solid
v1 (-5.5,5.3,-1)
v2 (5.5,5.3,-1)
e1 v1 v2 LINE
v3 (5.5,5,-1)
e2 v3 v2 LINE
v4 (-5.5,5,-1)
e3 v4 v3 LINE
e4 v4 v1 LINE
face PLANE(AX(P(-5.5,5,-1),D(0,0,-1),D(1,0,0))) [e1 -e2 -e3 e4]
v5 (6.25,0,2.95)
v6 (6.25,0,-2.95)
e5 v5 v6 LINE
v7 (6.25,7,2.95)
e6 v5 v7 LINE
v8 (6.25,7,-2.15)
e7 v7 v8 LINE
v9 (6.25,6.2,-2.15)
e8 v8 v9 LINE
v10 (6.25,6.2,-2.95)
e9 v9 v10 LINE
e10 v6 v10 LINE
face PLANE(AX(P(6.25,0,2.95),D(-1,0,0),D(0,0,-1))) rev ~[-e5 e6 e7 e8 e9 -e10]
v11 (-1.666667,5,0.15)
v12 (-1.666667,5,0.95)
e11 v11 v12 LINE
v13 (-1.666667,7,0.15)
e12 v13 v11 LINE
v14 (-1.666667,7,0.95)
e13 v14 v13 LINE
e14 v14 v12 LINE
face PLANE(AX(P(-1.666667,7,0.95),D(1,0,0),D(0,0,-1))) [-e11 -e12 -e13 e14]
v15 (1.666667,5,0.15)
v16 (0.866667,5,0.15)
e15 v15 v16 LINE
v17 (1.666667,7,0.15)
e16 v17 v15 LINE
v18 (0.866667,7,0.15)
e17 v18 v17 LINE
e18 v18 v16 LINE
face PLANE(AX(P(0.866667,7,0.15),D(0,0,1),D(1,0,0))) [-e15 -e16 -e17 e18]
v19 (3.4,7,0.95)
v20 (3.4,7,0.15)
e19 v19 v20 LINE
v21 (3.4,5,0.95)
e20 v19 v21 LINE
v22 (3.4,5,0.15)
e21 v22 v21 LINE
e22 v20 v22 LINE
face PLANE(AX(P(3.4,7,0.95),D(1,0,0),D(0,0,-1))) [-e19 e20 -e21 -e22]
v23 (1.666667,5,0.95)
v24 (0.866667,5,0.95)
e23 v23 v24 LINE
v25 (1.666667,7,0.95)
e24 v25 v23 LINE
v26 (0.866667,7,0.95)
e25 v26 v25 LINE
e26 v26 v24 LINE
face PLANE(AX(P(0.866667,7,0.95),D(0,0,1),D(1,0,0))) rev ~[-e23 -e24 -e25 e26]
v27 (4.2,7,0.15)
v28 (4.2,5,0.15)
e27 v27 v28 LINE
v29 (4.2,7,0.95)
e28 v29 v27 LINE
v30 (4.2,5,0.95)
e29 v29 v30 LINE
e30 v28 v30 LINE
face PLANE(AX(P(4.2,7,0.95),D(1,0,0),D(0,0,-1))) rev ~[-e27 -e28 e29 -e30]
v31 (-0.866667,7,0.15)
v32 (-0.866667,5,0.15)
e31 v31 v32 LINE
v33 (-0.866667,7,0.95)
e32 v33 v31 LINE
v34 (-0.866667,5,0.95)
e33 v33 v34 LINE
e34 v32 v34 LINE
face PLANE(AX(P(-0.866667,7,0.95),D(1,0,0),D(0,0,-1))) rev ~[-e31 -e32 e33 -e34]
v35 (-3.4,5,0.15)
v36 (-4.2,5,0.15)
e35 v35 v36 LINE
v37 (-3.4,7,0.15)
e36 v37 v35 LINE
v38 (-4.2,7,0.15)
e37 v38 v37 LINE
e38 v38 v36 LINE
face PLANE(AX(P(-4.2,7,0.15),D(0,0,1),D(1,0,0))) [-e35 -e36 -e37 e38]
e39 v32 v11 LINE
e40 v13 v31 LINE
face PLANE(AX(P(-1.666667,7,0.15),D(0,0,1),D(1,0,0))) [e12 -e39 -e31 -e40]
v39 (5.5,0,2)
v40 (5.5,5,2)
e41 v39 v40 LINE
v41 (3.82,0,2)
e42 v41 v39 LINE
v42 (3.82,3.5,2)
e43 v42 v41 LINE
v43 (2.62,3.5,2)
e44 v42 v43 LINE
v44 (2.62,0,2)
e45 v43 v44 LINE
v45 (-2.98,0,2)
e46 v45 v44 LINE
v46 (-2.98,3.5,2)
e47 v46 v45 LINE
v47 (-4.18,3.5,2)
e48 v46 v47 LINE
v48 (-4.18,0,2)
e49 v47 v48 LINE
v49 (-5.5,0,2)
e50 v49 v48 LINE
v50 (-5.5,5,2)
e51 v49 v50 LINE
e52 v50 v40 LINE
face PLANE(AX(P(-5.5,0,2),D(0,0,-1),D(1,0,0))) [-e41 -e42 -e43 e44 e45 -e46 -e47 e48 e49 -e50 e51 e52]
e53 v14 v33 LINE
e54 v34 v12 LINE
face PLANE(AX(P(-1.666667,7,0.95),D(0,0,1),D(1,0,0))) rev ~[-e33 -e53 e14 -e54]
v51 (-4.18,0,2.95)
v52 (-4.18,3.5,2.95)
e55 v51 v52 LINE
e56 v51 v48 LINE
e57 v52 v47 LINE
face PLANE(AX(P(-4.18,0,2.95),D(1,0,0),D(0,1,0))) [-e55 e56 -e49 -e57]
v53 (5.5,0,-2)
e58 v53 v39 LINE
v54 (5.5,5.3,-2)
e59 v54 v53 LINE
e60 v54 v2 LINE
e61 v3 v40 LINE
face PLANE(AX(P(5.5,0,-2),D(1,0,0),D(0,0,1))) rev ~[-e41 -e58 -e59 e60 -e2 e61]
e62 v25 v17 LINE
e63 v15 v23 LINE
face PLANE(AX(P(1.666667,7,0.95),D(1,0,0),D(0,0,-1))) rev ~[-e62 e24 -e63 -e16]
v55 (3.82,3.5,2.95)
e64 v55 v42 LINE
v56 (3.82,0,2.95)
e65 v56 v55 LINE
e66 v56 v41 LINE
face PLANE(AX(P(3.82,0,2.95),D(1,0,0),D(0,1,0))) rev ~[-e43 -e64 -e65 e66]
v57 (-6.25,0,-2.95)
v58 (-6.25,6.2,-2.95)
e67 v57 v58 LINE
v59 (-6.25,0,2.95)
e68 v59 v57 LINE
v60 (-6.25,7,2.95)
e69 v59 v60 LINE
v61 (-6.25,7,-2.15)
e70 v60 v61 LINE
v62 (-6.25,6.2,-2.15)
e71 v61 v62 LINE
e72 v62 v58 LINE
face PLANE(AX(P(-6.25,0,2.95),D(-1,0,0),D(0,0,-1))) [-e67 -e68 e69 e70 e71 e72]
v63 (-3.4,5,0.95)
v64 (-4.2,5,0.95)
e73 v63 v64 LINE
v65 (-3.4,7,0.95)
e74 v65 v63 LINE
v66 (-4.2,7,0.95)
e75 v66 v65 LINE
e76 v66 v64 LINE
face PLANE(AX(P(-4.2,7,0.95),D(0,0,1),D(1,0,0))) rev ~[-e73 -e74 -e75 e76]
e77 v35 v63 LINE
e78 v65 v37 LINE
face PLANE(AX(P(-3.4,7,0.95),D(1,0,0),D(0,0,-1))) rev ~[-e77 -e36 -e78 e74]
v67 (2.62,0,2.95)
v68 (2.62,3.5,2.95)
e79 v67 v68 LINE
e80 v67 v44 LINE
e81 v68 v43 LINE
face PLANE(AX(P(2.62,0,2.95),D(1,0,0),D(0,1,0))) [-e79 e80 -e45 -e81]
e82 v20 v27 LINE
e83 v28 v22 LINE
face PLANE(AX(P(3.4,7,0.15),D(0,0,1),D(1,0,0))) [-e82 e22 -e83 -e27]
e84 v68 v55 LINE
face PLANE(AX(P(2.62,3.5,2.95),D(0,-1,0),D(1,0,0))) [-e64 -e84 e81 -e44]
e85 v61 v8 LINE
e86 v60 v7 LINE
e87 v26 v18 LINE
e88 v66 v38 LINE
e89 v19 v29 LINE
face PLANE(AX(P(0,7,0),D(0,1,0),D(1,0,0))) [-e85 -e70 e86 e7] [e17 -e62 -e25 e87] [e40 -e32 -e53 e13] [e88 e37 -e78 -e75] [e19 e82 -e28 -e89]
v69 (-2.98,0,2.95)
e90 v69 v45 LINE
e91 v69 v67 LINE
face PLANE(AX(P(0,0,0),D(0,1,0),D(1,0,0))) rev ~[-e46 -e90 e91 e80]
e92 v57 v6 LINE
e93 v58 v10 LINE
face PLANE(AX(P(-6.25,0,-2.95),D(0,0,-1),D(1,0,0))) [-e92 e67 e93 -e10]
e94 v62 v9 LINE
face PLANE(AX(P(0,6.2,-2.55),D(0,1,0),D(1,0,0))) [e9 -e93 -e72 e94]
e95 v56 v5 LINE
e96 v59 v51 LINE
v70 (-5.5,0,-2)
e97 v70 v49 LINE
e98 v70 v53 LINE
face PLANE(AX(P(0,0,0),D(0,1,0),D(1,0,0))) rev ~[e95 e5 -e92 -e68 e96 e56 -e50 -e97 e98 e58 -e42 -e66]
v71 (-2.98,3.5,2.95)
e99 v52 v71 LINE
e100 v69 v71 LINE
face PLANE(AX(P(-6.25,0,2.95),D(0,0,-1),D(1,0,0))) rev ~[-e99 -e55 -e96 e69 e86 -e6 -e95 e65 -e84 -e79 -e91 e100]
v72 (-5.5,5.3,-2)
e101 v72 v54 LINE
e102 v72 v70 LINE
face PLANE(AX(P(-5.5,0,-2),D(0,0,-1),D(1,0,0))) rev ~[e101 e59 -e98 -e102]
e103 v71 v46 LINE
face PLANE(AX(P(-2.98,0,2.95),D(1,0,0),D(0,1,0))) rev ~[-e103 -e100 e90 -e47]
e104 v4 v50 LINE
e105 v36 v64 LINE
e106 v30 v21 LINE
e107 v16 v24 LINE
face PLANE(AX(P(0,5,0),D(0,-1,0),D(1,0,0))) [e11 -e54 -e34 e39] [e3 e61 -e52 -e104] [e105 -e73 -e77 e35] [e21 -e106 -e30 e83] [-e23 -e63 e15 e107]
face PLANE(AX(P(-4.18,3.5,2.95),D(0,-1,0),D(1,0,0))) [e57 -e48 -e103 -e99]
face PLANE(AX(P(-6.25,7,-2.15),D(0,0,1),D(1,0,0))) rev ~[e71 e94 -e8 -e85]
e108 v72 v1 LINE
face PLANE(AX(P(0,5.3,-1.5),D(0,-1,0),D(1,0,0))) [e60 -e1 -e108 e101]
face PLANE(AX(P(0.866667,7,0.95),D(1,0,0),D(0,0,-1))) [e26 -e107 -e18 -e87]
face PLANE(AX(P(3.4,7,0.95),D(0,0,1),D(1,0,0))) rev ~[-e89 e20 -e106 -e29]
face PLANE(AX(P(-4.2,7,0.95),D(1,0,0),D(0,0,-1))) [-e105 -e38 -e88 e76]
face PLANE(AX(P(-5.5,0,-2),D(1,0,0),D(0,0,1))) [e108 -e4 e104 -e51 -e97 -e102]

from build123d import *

# Parameters (mm, degrees)
SKETCH1_W           = 12.5
SKETCH1_H           = 5.9
BOSS_EXTRUDE1_DEPTH = 7
SKETCH3_W           = 11
SKETCH3_H           = 4
CUT_EXTRUDE1_DEPTH  = 5
SKETCH4_W           = 1.2
SKETCH4_H           = 3.5
CUT_EXTRUDE2_DEPTH  = 4
SKETCH5_W           = 12.5
SKETCH5_H           = 0.8
CUT_EXTRUDE3_DEPTH  = 0.8
SKETCH6_W           = 0.8
SKETCH6_H           = 0.8
CUT_EXTRUDE4_DEPTH  = 10
SKETCH7_W           = 11
SKETCH7_H           = 1
CUT_EXTRUDE5_DEPTH  = 0.3


with BuildPart() as part:
    # Sketch1 → Boss-Extrude1 (new body)
    with BuildSketch(Plane(origin=(0, 0, 0), x_dir=(1, 0, 0), z_dir=(0, 1, 0))):
        Rectangle(SKETCH1_W, SKETCH1_H)
    extrude(amount=BOSS_EXTRUDE1_DEPTH)

    # Sketch3 → Cut-Extrude1 (cut)
    with BuildSketch(Plane.XZ):
        Rectangle(SKETCH3_W, SKETCH3_H)
    extrude(amount=-CUT_EXTRUDE1_DEPTH, mode=Mode.SUBTRACT)

    # Sketch4 → Cut-Extrude2 (cut)
    with BuildSketch(Plane.XY.offset(2.95)):
        with Locations((-3.58, 1.75)):
            Rectangle(SKETCH4_W, SKETCH4_H)
        with Locations((3.22, 1.75)):
            Rectangle(SKETCH4_W, SKETCH4_H)
    extrude(amount=-CUT_EXTRUDE2_DEPTH, mode=Mode.SUBTRACT)

    # Sketch5 → Cut-Extrude3 (cut)
    with BuildSketch(Plane(origin=(0, 7, 0), x_dir=(1, 0, 0), z_dir=(0, 1, 0))):
        with Locations((0, 2.55)):
            Rectangle(SKETCH5_W, SKETCH5_H)
    extrude(amount=-CUT_EXTRUDE3_DEPTH, mode=Mode.SUBTRACT)

    # Sketch6 → Cut-Extrude4 (cut)
    with BuildSketch(Plane(origin=(0, 7, 0), x_dir=(1, 0, 0), z_dir=(0, 1, 0))):
        with Locations((3.8, -0.55)):
            Rectangle(SKETCH6_W, SKETCH6_H)
        with Locations((1.266666667, -0.55)):
            Rectangle(SKETCH6_W, SKETCH6_H)
        with Locations((-1.266666667, -0.55)):
            Rectangle(SKETCH6_W, SKETCH6_H)
        with Locations((-3.8, -0.55)):
            Rectangle(SKETCH6_W, SKETCH6_H)
    extrude(amount=-CUT_EXTRUDE4_DEPTH, mode=Mode.SUBTRACT)

    # Sketch7 → Cut-Extrude5 (cut)
    with BuildSketch(Plane.XZ.offset(-5)):
        with Locations((0, -1.5)):
            Rectangle(SKETCH7_W, SKETCH7_H)
    extrude(amount=-CUT_EXTRUDE5_DEPTH, mode=Mode.SUBTRACT)


solid = part.part
